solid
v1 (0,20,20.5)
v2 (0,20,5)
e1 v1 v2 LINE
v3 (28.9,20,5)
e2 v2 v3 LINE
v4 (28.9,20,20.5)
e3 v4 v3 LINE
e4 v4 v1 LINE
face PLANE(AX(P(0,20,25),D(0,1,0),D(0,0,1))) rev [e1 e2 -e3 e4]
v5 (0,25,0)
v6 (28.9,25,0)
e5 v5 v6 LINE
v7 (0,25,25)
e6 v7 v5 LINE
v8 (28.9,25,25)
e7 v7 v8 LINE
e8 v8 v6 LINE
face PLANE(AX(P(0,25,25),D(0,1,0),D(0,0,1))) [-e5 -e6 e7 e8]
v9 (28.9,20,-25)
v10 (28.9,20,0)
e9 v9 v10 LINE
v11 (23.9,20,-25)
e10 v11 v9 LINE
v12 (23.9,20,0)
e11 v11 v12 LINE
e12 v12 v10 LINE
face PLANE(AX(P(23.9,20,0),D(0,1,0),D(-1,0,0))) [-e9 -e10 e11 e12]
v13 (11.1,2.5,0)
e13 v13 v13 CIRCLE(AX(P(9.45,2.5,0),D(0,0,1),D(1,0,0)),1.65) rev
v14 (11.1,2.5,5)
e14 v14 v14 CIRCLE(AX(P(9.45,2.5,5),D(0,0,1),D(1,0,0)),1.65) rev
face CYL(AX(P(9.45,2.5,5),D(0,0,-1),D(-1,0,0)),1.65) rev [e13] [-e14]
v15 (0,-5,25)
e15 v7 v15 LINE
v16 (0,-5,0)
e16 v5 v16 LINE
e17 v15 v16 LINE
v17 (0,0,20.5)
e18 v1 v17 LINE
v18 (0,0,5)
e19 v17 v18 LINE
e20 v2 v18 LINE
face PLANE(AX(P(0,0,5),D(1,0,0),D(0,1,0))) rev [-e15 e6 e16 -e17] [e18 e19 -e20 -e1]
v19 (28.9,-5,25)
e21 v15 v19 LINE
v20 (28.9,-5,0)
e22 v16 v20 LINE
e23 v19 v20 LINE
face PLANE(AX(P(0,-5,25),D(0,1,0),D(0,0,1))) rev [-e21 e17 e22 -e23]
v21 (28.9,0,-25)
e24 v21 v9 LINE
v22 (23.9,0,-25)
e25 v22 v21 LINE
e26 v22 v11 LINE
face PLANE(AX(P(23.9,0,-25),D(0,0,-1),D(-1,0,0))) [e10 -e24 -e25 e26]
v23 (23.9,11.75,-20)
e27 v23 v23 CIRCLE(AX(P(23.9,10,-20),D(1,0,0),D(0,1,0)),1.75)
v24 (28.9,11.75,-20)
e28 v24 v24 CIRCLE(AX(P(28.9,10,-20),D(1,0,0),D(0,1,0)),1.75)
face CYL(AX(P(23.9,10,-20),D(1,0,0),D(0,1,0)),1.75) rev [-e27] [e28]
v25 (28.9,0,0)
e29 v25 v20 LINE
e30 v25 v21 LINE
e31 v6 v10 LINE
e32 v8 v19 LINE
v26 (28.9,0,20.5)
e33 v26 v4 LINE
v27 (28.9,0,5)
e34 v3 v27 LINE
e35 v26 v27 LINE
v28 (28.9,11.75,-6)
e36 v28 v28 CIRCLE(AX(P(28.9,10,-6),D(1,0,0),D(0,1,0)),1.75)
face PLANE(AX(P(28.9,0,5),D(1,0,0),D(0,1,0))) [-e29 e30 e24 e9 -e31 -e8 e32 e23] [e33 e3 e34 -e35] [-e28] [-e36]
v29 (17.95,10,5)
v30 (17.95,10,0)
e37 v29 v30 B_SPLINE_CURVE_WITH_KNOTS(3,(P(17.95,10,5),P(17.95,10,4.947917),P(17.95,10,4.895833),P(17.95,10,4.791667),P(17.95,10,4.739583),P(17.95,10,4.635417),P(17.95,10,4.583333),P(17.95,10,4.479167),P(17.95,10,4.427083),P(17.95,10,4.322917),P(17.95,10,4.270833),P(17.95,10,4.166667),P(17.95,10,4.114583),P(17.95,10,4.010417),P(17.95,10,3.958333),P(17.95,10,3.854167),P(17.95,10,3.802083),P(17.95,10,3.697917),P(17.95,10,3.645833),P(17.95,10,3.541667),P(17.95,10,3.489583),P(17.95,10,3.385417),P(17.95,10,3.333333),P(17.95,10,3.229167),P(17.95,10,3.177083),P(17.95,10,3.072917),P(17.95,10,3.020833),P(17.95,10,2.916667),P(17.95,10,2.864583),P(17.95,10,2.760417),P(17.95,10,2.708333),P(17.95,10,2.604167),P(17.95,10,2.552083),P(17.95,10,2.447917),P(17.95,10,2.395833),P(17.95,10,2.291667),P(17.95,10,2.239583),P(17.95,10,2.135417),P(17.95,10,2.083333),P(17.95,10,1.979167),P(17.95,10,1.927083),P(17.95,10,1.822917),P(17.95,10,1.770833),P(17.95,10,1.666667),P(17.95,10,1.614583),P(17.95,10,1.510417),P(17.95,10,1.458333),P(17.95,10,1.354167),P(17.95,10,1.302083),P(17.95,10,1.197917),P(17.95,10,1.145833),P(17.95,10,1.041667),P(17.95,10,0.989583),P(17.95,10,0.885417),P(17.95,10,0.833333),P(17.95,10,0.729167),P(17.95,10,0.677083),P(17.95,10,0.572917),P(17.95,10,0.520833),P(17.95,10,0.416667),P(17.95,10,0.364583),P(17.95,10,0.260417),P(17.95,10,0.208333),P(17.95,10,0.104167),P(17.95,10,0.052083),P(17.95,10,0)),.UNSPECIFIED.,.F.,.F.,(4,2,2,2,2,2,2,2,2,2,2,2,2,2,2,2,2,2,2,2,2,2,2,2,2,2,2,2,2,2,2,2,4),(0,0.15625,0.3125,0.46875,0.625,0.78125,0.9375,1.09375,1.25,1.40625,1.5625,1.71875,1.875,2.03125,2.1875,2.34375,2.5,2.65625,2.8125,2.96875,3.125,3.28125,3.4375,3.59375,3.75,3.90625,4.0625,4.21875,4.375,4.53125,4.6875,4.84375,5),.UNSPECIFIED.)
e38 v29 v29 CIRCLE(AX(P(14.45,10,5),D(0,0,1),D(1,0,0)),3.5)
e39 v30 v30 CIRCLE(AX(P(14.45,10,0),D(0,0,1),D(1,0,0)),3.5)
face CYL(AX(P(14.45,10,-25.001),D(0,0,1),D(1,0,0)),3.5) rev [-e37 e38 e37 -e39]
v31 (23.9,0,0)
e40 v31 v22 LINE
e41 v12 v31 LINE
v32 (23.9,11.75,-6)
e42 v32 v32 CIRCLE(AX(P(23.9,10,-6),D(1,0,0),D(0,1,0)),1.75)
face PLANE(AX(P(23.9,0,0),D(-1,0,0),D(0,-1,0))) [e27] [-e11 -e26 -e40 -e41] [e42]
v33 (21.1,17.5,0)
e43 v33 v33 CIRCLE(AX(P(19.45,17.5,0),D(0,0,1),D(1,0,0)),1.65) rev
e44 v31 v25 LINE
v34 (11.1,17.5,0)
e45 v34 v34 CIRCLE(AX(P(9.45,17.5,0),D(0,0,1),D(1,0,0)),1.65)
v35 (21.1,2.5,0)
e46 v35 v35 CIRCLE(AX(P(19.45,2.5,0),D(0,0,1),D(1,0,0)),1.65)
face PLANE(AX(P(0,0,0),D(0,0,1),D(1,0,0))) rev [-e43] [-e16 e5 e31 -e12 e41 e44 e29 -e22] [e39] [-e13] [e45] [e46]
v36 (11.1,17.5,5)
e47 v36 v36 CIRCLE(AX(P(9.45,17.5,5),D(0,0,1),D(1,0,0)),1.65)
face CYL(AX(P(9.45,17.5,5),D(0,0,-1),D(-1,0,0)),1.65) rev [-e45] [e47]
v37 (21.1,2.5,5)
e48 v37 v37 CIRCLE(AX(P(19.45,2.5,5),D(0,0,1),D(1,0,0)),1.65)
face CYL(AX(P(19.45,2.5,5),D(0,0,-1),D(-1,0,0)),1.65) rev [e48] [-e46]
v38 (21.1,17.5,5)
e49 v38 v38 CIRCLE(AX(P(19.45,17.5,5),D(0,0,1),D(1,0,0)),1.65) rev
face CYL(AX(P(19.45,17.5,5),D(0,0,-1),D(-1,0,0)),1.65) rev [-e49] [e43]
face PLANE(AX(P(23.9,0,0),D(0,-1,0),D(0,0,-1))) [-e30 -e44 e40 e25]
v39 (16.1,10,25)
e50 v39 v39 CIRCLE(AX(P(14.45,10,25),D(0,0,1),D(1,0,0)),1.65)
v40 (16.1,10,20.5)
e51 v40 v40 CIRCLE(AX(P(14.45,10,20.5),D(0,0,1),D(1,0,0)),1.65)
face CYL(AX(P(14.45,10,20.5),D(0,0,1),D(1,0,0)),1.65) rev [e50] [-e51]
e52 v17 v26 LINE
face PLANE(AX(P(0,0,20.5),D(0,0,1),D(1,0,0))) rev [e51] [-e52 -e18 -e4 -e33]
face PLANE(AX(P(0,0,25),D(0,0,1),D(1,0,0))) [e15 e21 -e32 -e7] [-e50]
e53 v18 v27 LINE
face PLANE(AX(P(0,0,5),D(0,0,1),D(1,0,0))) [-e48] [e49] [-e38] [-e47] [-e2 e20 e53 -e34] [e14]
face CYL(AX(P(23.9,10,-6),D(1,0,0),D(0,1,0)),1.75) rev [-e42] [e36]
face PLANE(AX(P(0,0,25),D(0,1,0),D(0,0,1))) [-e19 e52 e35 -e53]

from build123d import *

# Parameters (mm, degrees)
SKETCH_1_W          = 28.9
SKETCH_1_H          = 20
SKETCH_1_R          = 1.65
EXTRUDE_1_DEPTH     = 5
SKETCH_1_5_W        = 28.9
SKETCH_1_5_H        = 5
EXTRUDE_4_DEPTH     = 25
SKETCH_2_W          = 25
SKETCH_2_H          = 20
SKETCH_2_R          = 1.75
EXTRUDE_5_DEPTH     = 5
SKETCH_3_W          = 28.9
SKETCH_3_H          = 20
SKETCH_3_R          = 1.65
EXTRUDE_6_DEPTH     = 4.5
CUT_EXTRUDE_1_REACH = 61.418
SKETCH_4_R          = 3.5


with BuildPart() as part:
    # 草图1 → 凸台-拉伸1 (new body)
    with BuildSketch(Plane.XY):
        with Locations((14.45, 10)):
            Rectangle(SKETCH_1_W, SKETCH_1_H)
        with Locations((9.45, 2.5)):
            Circle(SKETCH_1_R, mode=Mode.SUBTRACT)
        with Locations((19.45, 2.5)):
            Circle(SKETCH_1_R, mode=Mode.SUBTRACT)
        with Locations((9.45, 17.5)):
            Circle(SKETCH_1_R, mode=Mode.SUBTRACT)
        with Locations((19.45, 17.5)):
            Circle(SKETCH_1_R, mode=Mode.SUBTRACT)
    extrude(amount=EXTRUDE_1_DEPTH)

    # 草图1<5> → 凸台-拉伸4 (add)
    with BuildSketch(Plane.XY):
        with Locations((14.45, 22.5)):
            Rectangle(SKETCH_1_5_W, SKETCH_1_5_H)
        with Locations((14.45, -2.5)):
            Rectangle(SKETCH_1_5_W, SKETCH_1_5_H)
    extrude(amount=EXTRUDE_4_DEPTH)

    # 草图2 → 凸台-拉伸5 (add)
    with BuildSketch(Plane(origin=(28.9, 0, 0), x_dir=(0, 0, -1), z_dir=(1, 0, 0))):
        with Locations((12.5, 10)):
            Rectangle(SKETCH_2_W, SKETCH_2_H)
        with Locations((20, 10)):
            Circle(SKETCH_2_R, mode=Mode.SUBTRACT)
        with Locations((6, 10)):
            Circle(SKETCH_2_R, mode=Mode.SUBTRACT)
    extrude(amount=-EXTRUDE_5_DEPTH)

    # 草图3 → 凸台-拉伸6 (add)
    with BuildSketch(Plane.XY.offset(25)):
        with Locations((14.45, 10)):
            Rectangle(SKETCH_3_W, SKETCH_3_H)
        with Locations((14.45, 10)):
            Circle(SKETCH_3_R, mode=Mode.SUBTRACT)
    extrude(amount=-EXTRUDE_6_DEPTH)

    # 草图4 → 切除-拉伸1 (cut, up to next)
    with BuildSketch(Plane(origin=(0, 0, 20.5), x_dir=(-1, 0, 0), z_dir=(0, 0, -1)), mode=Mode.PRIVATE) as cut_extrude_1_sk1:
        with Locations((-14.45, 10)):
            Circle(SKETCH_4_R)
    cut_extrude_1_tool1 = extrude(cut_extrude_1_sk1.sketch, amount=CUT_EXTRUDE_1_REACH, mode=Mode.PRIVATE) & part.part
    add(cut_extrude_1_tool1.solids().sort_by_distance((14.45, 10, 20.5))[0], mode=Mode.SUBTRACT)


solid = part.part
